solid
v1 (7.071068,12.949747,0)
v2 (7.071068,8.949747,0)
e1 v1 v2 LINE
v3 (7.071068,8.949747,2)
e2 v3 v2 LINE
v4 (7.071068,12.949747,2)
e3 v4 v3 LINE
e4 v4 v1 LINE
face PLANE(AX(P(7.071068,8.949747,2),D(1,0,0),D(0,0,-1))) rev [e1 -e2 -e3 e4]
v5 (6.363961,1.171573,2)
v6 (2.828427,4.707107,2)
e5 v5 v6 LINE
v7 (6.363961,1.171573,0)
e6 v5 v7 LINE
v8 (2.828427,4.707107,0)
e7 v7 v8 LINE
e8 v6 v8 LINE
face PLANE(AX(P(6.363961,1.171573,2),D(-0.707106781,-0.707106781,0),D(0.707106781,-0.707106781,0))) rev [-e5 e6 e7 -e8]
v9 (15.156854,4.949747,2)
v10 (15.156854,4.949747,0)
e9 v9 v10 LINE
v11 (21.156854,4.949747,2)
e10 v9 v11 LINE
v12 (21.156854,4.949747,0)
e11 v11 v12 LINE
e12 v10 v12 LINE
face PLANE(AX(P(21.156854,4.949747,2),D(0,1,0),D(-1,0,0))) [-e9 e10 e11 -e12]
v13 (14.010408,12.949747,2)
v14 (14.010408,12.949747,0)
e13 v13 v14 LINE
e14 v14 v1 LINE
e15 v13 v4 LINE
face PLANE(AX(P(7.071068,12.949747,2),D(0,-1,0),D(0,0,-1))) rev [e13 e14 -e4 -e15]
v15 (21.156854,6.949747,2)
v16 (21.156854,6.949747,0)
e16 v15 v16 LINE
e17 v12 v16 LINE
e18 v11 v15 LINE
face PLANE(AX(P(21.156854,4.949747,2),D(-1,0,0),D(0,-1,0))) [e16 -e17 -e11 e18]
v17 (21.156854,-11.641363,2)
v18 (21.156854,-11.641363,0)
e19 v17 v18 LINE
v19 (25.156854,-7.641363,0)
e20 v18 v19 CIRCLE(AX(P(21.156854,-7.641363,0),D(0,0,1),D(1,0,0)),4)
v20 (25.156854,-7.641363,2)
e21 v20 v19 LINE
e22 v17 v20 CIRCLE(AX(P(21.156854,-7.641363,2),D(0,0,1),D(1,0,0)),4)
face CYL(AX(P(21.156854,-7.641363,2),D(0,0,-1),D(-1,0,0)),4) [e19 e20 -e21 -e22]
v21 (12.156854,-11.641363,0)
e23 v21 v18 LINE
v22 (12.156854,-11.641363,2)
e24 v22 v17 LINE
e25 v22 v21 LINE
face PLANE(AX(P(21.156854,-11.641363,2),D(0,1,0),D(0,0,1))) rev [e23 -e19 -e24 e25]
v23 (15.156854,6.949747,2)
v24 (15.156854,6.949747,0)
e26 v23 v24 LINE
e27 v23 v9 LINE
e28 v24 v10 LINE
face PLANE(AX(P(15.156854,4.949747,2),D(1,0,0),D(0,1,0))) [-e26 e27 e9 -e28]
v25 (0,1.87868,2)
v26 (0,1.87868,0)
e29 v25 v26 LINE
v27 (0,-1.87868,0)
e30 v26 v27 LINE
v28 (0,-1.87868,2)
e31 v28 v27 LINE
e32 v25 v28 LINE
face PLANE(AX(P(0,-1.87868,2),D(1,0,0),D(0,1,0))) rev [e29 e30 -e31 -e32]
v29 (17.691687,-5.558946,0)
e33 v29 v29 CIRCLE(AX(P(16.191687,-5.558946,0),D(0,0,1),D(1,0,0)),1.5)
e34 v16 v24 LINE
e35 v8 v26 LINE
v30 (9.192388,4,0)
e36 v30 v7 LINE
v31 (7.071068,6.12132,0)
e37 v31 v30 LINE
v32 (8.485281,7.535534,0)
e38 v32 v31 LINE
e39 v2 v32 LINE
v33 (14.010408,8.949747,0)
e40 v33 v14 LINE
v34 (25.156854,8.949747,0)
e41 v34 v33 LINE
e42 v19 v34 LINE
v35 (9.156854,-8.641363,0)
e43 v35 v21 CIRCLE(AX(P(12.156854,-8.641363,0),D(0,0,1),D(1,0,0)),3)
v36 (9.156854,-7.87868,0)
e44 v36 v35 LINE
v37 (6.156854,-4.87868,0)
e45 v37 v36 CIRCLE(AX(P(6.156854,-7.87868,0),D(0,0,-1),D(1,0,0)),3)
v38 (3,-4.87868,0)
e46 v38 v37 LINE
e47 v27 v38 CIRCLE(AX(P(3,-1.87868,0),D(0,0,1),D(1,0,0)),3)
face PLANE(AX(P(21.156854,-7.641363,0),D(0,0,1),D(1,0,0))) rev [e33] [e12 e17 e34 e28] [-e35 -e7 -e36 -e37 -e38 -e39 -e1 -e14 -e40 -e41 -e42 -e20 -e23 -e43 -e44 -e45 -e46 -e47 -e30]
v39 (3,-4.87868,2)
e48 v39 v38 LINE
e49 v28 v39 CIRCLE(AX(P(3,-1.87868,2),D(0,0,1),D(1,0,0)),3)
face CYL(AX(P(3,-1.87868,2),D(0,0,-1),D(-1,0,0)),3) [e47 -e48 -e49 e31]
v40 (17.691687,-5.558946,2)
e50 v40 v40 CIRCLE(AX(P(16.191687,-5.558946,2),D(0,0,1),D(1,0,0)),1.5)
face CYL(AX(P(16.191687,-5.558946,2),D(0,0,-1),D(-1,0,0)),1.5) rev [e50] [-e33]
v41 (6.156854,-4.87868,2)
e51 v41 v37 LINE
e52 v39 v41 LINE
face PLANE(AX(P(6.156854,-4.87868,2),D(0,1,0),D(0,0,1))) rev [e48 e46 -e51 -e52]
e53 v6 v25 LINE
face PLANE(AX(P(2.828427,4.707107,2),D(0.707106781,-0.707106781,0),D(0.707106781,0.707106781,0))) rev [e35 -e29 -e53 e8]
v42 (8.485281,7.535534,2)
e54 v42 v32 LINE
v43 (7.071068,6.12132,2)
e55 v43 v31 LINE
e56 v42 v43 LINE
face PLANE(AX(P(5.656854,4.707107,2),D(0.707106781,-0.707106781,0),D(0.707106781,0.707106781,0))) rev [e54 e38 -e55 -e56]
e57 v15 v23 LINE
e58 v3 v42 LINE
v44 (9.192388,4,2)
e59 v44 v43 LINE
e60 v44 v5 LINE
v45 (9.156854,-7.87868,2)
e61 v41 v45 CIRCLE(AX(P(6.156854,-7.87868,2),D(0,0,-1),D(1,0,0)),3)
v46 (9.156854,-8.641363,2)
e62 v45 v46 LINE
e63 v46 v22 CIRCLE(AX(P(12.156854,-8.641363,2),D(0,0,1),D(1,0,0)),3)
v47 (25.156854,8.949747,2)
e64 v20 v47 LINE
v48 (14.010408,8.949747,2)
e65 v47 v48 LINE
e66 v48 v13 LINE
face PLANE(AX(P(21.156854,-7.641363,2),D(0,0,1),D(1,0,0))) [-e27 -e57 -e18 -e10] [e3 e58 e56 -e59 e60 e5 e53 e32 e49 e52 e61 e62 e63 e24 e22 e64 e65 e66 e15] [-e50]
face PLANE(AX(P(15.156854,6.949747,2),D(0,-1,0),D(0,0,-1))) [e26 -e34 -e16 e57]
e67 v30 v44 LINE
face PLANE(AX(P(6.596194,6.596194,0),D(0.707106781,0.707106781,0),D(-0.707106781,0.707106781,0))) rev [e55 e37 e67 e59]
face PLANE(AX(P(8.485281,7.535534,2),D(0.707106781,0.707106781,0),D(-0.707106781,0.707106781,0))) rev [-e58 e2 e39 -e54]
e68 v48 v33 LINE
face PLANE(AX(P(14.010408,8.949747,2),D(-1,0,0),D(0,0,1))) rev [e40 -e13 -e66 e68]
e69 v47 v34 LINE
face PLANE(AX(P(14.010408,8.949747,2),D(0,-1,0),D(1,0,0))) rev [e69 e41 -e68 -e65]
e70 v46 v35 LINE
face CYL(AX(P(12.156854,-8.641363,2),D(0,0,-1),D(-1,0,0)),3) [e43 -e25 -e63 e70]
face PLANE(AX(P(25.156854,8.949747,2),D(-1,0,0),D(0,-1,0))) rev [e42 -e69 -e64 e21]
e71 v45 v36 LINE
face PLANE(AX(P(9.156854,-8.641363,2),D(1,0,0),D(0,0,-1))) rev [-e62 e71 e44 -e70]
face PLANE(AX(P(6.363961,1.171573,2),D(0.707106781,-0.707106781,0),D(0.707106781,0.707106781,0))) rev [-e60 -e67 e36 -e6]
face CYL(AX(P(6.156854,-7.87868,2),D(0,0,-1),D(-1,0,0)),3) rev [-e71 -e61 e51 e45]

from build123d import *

# Parameters (mm, degrees)
MODEL_R             = 1.5
MODEL_W             = 6
MODEL_H             = 2
BOSS_EXTRUDE1_DEPTH = 2
SKETCH15_W          = 2
SKETCH15_H          = 3
CUT_EXTRUDE1_DEPTH  = 2


with BuildPart() as part:
    # Model → Boss-Extrude1 (new body)
    with BuildSketch(Plane.XY):
        with BuildLine():
            Line((6.363961031, 1.171572875), (2.828427125, 4.707106781))
            Line((2.828427125, 4.707106781), (0, 1.878679656))
            Line((0, 1.878679656), (0, -1.878679656))
            ThreePointArc((0, -1.878679656), (0.878679656, -4), (3, -4.878679656))
            Line((3, -4.878679656), (5.828427125, -4.878679656))
            Line((5.828427125, -4.878679656), (6.156854249, -4.878679656))
            ThreePointArc((6.156854249, -4.878679656), (8.278174593, -5.757359313), (9.156854249, -7.878679656))
            Line((9.156854249, -7.878679656), (9.156854249, -8.641362585))
            ThreePointArc((9.156854249, -8.641362585), (10.035533906, -10.762682929), (12.156854249, -11.641362585))
            Line((12.156854249, -11.641362585), (21.156854249, -11.641362585))
            ThreePointArc((21.156854249, -11.641362585), (23.985281374, -10.46978971), (25.156854249, -7.641362585))
            Line((25.156854249, -7.641362585), (25.156854249, 8.949747468))
            Line((25.156854249, 8.949747468), (14.01040764, 8.949747468))
            Line((14.01040764, 8.949747468), (14.01040764, 12.949747468))
            Line((14.01040764, 12.949747468), (7.071067812, 12.949747468))
            Line((7.071067812, 12.949747468), (7.071067812, 8.949747468))
            Line((7.071067812, 8.949747468), (8.485281374, 7.535533906))
            Line((8.485281374, 7.535533906), (5.656854249, 4.707106781))
            Line((5.656854249, 4.707106781), (7.778174593, 2.585786438))
            Line((7.778174593, 2.585786438), (6.363961031, 1.171572875))
        make_face()
        with Locations((16.191687414, -5.558946351)):
            Circle(MODEL_R, mode=Mode.SUBTRACT)
        with Locations((18.156854249, 5.949747468)):
            Rectangle(MODEL_W, MODEL_H, mode=Mode.SUBTRACT)
    extrude(amount=BOSS_EXTRUDE1_DEPTH)

    # Sketch15 → Cut-Extrude1 (cut)
    with BuildSketch(Plane(origin=(5.181980515, 5.181980515, 0), x_dir=(0, 0, 1), z_dir=(-0.707106781, -0.707106781, 0))):
        with Locations((1, -2.171572875)):
            Rectangle(SKETCH15_W, SKETCH15_H)
    extrude(amount=-CUT_EXTRUDE1_DEPTH, mode=Mode.SUBTRACT)


solid = part.part
